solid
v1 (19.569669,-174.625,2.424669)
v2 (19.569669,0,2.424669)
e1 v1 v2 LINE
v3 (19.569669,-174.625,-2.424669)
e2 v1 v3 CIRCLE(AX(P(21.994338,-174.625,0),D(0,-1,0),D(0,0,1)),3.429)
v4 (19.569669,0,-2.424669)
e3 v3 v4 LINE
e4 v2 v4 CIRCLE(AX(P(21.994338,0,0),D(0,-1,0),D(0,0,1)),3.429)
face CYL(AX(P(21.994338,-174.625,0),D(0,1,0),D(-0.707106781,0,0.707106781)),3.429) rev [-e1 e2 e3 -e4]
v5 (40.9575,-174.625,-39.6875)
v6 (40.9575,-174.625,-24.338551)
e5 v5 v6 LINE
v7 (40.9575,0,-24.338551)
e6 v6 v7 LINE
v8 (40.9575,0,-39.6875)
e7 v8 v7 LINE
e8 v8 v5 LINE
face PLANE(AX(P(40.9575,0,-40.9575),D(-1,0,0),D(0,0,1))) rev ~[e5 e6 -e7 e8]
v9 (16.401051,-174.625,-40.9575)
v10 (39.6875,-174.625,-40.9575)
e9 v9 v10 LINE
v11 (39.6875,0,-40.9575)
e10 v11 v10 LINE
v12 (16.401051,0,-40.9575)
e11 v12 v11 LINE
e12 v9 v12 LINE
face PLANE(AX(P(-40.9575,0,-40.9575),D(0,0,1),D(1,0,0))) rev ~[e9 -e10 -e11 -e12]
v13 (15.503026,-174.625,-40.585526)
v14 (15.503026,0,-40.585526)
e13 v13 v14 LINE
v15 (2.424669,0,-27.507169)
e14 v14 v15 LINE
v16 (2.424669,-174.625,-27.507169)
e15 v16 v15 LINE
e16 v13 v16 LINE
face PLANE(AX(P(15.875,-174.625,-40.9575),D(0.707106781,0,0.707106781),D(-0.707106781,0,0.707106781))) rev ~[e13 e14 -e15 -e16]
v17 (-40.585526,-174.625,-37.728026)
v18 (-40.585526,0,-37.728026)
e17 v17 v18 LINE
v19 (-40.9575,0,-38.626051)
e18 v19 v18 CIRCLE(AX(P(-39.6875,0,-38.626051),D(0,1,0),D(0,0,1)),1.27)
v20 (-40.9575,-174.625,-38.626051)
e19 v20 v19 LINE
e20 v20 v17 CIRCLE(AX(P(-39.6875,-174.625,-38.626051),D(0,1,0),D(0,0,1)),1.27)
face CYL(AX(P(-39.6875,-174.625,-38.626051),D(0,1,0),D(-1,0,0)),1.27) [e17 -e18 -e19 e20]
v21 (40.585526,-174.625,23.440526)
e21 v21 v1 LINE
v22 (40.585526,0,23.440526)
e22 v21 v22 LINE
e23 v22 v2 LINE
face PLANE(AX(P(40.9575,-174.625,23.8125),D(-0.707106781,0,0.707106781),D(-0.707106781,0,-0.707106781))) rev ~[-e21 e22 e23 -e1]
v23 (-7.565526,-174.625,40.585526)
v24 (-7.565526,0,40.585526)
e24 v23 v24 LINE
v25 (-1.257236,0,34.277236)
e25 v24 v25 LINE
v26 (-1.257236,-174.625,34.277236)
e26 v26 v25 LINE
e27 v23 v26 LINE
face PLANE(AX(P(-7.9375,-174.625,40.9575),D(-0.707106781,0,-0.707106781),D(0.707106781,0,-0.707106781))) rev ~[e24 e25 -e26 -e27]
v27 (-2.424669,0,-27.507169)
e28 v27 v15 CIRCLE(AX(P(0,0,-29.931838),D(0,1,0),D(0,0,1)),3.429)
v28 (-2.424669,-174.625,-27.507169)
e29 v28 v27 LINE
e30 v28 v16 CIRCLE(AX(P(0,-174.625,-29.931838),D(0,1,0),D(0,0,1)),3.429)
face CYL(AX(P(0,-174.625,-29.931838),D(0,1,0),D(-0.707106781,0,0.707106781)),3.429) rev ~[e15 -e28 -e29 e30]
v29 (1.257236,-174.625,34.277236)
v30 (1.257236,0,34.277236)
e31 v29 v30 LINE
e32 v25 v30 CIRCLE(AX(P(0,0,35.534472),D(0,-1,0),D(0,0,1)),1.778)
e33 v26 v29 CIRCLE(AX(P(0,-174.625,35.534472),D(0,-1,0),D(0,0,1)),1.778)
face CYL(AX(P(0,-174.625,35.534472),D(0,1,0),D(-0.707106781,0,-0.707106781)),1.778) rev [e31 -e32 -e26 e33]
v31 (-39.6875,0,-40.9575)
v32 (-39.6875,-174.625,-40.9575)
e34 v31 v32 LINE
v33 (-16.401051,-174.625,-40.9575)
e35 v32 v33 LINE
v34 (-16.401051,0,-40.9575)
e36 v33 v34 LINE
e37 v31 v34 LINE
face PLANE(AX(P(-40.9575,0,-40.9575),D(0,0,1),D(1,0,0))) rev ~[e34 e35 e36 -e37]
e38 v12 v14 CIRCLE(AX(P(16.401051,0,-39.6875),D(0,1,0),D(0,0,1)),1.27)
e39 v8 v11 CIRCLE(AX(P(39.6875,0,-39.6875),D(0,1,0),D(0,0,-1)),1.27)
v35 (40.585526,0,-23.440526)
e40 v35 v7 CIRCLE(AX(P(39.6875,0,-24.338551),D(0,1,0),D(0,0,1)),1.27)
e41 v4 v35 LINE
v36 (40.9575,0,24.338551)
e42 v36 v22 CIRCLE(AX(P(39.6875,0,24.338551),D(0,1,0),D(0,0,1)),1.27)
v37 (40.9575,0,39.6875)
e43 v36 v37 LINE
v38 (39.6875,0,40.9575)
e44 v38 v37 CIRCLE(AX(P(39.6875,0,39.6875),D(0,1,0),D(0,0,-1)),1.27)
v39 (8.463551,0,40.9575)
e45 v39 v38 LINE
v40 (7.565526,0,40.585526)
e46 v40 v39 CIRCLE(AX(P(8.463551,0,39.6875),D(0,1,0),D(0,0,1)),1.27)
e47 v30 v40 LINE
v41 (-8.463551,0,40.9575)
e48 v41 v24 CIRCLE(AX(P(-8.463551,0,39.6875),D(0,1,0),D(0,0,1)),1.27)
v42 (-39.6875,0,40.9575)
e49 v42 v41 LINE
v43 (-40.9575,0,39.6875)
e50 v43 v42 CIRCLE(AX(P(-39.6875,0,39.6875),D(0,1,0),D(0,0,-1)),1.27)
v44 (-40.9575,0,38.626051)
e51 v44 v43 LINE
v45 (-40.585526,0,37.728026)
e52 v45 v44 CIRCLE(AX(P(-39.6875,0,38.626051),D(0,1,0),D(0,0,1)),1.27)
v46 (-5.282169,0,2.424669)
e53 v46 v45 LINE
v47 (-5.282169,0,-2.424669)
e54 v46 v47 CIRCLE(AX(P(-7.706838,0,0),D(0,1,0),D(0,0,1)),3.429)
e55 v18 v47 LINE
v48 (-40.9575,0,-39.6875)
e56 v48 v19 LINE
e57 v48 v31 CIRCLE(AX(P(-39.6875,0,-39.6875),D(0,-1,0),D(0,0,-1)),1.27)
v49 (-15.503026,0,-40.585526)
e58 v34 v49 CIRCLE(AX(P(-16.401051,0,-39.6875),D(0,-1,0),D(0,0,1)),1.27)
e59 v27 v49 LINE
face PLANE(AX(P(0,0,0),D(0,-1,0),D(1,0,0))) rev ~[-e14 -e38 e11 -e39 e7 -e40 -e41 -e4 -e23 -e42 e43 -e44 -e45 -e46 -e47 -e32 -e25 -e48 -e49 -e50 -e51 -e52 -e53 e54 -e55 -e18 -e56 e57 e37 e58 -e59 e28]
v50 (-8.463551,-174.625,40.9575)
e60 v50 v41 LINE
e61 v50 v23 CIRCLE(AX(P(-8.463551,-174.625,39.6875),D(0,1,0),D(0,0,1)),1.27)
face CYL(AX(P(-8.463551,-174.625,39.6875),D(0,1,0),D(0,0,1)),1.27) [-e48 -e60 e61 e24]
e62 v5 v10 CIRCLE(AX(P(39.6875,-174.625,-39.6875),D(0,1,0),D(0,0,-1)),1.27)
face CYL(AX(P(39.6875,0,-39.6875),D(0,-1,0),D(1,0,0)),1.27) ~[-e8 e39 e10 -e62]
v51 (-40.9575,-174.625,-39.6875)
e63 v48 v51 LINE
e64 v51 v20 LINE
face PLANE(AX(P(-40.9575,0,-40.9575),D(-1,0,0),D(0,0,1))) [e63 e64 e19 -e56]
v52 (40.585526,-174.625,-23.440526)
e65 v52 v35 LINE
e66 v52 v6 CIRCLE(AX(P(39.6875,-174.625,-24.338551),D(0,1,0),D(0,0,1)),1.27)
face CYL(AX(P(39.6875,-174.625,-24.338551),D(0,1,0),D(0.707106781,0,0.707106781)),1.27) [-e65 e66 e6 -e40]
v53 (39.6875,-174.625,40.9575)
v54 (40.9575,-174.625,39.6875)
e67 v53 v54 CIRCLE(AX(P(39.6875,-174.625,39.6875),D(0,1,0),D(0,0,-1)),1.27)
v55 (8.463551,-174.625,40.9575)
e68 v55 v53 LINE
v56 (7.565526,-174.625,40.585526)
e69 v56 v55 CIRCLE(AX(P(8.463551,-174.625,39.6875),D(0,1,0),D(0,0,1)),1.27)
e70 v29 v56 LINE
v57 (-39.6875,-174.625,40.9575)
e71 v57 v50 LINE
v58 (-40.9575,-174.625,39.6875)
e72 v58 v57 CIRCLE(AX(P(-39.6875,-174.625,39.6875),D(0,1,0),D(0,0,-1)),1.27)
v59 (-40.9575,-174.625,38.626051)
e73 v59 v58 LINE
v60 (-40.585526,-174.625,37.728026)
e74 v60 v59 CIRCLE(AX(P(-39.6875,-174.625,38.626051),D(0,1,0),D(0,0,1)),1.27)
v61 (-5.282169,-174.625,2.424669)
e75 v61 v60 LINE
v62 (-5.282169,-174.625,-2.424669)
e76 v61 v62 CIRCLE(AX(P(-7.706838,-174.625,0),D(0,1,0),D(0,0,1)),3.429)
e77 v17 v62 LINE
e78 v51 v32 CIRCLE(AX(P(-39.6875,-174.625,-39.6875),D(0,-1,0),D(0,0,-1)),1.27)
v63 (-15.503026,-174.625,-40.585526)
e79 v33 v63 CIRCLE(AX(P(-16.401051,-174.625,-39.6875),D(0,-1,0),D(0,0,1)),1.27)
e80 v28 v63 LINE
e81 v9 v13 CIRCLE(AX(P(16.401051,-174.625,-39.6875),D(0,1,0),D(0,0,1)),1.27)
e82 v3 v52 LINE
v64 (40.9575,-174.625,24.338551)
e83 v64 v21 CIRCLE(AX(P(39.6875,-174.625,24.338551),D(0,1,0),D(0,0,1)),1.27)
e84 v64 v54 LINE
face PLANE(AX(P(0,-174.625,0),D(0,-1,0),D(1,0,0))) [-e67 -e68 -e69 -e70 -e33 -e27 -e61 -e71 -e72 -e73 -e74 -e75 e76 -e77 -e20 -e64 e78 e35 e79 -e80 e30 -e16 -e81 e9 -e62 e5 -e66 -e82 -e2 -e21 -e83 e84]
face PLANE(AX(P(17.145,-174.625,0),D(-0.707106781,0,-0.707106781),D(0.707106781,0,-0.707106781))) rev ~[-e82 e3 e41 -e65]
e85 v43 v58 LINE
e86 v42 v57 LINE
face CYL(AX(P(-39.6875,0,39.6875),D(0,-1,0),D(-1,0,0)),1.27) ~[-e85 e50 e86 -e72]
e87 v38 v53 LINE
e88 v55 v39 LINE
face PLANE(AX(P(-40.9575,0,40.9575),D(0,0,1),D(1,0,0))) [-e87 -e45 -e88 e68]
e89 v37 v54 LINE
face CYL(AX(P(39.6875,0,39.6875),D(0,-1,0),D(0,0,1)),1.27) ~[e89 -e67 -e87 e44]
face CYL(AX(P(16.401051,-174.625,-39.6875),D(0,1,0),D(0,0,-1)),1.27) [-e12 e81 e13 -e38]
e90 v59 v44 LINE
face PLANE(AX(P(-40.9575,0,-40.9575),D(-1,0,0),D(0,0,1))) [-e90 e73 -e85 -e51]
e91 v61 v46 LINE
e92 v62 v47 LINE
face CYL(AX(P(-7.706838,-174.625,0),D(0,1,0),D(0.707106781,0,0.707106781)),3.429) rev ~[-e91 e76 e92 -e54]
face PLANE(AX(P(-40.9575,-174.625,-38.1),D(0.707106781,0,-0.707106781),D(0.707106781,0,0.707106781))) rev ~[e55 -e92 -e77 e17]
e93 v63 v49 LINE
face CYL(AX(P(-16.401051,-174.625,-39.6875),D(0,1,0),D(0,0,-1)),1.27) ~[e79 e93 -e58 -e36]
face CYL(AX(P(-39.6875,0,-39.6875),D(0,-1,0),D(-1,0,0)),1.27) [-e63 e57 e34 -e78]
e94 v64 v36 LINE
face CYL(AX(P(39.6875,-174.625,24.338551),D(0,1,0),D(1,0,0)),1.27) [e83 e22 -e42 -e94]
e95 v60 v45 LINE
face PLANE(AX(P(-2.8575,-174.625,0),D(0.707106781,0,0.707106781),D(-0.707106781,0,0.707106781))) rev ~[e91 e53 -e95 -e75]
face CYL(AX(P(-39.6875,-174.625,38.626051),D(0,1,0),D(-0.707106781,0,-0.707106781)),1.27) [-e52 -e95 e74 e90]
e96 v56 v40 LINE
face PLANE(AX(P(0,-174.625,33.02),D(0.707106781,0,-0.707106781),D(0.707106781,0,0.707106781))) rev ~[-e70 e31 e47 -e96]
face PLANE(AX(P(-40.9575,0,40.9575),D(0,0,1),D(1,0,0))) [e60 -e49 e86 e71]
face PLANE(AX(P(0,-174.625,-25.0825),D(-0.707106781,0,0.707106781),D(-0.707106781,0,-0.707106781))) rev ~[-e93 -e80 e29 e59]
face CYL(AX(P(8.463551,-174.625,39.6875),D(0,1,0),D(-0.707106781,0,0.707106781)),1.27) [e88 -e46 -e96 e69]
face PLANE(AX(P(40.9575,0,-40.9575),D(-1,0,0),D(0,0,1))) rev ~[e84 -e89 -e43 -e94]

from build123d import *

# Parameters (mm, degrees)
F0_W     = 81.915
F0_H     = 81.915
F1_DEPTH = 174.625
F3_DEPTH = 174.626
F5_DEPTH = 174.626
F7_DEPTH = 174.626
F9_DEPTH = 174.626
F10_R    = 1.27
F11_R    = 1.778
F12_R    = 3.429


with BuildPart() as f1:
    # F0 (on Front) → F1 (new body)
    with BuildSketch(Plane.XZ):
        Rectangle(F0_W, F0_H)
    extrude(amount=F1_DEPTH)

    # F2 (on face) → F3 (cut, through all)
    with BuildSketch(Plane.XZ.offset(174.625)):
        Polygon((7.9375, 40.9575), (-7.9375, 40.9575), (0, 33.02), align=None)
    extrude(amount=-F3_DEPTH, mode=Mode.SUBTRACT)

    # F4 (on face) → F5 (cut, through all)
    with BuildSketch(Plane.XZ.offset(174.625)):
        Polygon((0, -25.0825), (-15.875, -40.9575), (15.875, -40.9575), align=None)
    extrude(amount=-F5_DEPTH, mode=Mode.SUBTRACT)

    # F6 (on face) → F7 (cut, through all)
    with BuildSketch(Plane.XZ.offset(174.625)):
        Polygon((-2.8575, 0), (-40.9575, 38.1), (-40.9575, -38.1), align=None)
    extrude(amount=-F7_DEPTH, mode=Mode.SUBTRACT)

    # F8 (on face) → F9 (cut, through all)
    with BuildSketch(Plane.XZ.offset(174.625)):
        Polygon((40.9575, -23.8125), (40.9575, 23.8125), (17.145, 0), align=None)
    extrude(amount=-F9_DEPTH, mode=Mode.SUBTRACT)

    # F10
    f10_edges = [f1.edges().sort_by_distance(p)[0] for p in [
        (-7.9375, -87.3125, 40.9575),
        (7.9375, -87.3125, 40.9575),
        (40.9575, -87.3125, 40.9575),
        (40.9575, -87.3125, 23.8125),
        (40.9575, -87.3125, -23.8125),
        (40.9575, -87.3125, -40.9575),
        (15.875, -87.3125, -40.9575),
        (-15.875, -87.3125, -40.9575),
        (-40.9575, -87.3125, -40.9575),
        (-40.9575, -87.3125, -38.1),
        (-40.9575, -87.3125, 38.1),
        (-40.9575, -87.3125, 40.9575),
    ]]
    fillet(f10_edges, radius=F10_R)

    # F11
    f11_edges = [f1.edges().sort_by_distance(p)[0] for p in [
        (0, -87.3125, 33.02),
    ]]
    fillet(f11_edges, radius=F11_R)

    # F12
    f12_edges = [f1.edges().sort_by_distance(p)[0] for p in [
        (0, -87.3125, -25.0825),
        (17.145, -87.3125, 0),
        (-2.8575, -87.3125, 0),
    ]]
    fillet(f12_edges, radius=F12_R)


solid = f1.part
